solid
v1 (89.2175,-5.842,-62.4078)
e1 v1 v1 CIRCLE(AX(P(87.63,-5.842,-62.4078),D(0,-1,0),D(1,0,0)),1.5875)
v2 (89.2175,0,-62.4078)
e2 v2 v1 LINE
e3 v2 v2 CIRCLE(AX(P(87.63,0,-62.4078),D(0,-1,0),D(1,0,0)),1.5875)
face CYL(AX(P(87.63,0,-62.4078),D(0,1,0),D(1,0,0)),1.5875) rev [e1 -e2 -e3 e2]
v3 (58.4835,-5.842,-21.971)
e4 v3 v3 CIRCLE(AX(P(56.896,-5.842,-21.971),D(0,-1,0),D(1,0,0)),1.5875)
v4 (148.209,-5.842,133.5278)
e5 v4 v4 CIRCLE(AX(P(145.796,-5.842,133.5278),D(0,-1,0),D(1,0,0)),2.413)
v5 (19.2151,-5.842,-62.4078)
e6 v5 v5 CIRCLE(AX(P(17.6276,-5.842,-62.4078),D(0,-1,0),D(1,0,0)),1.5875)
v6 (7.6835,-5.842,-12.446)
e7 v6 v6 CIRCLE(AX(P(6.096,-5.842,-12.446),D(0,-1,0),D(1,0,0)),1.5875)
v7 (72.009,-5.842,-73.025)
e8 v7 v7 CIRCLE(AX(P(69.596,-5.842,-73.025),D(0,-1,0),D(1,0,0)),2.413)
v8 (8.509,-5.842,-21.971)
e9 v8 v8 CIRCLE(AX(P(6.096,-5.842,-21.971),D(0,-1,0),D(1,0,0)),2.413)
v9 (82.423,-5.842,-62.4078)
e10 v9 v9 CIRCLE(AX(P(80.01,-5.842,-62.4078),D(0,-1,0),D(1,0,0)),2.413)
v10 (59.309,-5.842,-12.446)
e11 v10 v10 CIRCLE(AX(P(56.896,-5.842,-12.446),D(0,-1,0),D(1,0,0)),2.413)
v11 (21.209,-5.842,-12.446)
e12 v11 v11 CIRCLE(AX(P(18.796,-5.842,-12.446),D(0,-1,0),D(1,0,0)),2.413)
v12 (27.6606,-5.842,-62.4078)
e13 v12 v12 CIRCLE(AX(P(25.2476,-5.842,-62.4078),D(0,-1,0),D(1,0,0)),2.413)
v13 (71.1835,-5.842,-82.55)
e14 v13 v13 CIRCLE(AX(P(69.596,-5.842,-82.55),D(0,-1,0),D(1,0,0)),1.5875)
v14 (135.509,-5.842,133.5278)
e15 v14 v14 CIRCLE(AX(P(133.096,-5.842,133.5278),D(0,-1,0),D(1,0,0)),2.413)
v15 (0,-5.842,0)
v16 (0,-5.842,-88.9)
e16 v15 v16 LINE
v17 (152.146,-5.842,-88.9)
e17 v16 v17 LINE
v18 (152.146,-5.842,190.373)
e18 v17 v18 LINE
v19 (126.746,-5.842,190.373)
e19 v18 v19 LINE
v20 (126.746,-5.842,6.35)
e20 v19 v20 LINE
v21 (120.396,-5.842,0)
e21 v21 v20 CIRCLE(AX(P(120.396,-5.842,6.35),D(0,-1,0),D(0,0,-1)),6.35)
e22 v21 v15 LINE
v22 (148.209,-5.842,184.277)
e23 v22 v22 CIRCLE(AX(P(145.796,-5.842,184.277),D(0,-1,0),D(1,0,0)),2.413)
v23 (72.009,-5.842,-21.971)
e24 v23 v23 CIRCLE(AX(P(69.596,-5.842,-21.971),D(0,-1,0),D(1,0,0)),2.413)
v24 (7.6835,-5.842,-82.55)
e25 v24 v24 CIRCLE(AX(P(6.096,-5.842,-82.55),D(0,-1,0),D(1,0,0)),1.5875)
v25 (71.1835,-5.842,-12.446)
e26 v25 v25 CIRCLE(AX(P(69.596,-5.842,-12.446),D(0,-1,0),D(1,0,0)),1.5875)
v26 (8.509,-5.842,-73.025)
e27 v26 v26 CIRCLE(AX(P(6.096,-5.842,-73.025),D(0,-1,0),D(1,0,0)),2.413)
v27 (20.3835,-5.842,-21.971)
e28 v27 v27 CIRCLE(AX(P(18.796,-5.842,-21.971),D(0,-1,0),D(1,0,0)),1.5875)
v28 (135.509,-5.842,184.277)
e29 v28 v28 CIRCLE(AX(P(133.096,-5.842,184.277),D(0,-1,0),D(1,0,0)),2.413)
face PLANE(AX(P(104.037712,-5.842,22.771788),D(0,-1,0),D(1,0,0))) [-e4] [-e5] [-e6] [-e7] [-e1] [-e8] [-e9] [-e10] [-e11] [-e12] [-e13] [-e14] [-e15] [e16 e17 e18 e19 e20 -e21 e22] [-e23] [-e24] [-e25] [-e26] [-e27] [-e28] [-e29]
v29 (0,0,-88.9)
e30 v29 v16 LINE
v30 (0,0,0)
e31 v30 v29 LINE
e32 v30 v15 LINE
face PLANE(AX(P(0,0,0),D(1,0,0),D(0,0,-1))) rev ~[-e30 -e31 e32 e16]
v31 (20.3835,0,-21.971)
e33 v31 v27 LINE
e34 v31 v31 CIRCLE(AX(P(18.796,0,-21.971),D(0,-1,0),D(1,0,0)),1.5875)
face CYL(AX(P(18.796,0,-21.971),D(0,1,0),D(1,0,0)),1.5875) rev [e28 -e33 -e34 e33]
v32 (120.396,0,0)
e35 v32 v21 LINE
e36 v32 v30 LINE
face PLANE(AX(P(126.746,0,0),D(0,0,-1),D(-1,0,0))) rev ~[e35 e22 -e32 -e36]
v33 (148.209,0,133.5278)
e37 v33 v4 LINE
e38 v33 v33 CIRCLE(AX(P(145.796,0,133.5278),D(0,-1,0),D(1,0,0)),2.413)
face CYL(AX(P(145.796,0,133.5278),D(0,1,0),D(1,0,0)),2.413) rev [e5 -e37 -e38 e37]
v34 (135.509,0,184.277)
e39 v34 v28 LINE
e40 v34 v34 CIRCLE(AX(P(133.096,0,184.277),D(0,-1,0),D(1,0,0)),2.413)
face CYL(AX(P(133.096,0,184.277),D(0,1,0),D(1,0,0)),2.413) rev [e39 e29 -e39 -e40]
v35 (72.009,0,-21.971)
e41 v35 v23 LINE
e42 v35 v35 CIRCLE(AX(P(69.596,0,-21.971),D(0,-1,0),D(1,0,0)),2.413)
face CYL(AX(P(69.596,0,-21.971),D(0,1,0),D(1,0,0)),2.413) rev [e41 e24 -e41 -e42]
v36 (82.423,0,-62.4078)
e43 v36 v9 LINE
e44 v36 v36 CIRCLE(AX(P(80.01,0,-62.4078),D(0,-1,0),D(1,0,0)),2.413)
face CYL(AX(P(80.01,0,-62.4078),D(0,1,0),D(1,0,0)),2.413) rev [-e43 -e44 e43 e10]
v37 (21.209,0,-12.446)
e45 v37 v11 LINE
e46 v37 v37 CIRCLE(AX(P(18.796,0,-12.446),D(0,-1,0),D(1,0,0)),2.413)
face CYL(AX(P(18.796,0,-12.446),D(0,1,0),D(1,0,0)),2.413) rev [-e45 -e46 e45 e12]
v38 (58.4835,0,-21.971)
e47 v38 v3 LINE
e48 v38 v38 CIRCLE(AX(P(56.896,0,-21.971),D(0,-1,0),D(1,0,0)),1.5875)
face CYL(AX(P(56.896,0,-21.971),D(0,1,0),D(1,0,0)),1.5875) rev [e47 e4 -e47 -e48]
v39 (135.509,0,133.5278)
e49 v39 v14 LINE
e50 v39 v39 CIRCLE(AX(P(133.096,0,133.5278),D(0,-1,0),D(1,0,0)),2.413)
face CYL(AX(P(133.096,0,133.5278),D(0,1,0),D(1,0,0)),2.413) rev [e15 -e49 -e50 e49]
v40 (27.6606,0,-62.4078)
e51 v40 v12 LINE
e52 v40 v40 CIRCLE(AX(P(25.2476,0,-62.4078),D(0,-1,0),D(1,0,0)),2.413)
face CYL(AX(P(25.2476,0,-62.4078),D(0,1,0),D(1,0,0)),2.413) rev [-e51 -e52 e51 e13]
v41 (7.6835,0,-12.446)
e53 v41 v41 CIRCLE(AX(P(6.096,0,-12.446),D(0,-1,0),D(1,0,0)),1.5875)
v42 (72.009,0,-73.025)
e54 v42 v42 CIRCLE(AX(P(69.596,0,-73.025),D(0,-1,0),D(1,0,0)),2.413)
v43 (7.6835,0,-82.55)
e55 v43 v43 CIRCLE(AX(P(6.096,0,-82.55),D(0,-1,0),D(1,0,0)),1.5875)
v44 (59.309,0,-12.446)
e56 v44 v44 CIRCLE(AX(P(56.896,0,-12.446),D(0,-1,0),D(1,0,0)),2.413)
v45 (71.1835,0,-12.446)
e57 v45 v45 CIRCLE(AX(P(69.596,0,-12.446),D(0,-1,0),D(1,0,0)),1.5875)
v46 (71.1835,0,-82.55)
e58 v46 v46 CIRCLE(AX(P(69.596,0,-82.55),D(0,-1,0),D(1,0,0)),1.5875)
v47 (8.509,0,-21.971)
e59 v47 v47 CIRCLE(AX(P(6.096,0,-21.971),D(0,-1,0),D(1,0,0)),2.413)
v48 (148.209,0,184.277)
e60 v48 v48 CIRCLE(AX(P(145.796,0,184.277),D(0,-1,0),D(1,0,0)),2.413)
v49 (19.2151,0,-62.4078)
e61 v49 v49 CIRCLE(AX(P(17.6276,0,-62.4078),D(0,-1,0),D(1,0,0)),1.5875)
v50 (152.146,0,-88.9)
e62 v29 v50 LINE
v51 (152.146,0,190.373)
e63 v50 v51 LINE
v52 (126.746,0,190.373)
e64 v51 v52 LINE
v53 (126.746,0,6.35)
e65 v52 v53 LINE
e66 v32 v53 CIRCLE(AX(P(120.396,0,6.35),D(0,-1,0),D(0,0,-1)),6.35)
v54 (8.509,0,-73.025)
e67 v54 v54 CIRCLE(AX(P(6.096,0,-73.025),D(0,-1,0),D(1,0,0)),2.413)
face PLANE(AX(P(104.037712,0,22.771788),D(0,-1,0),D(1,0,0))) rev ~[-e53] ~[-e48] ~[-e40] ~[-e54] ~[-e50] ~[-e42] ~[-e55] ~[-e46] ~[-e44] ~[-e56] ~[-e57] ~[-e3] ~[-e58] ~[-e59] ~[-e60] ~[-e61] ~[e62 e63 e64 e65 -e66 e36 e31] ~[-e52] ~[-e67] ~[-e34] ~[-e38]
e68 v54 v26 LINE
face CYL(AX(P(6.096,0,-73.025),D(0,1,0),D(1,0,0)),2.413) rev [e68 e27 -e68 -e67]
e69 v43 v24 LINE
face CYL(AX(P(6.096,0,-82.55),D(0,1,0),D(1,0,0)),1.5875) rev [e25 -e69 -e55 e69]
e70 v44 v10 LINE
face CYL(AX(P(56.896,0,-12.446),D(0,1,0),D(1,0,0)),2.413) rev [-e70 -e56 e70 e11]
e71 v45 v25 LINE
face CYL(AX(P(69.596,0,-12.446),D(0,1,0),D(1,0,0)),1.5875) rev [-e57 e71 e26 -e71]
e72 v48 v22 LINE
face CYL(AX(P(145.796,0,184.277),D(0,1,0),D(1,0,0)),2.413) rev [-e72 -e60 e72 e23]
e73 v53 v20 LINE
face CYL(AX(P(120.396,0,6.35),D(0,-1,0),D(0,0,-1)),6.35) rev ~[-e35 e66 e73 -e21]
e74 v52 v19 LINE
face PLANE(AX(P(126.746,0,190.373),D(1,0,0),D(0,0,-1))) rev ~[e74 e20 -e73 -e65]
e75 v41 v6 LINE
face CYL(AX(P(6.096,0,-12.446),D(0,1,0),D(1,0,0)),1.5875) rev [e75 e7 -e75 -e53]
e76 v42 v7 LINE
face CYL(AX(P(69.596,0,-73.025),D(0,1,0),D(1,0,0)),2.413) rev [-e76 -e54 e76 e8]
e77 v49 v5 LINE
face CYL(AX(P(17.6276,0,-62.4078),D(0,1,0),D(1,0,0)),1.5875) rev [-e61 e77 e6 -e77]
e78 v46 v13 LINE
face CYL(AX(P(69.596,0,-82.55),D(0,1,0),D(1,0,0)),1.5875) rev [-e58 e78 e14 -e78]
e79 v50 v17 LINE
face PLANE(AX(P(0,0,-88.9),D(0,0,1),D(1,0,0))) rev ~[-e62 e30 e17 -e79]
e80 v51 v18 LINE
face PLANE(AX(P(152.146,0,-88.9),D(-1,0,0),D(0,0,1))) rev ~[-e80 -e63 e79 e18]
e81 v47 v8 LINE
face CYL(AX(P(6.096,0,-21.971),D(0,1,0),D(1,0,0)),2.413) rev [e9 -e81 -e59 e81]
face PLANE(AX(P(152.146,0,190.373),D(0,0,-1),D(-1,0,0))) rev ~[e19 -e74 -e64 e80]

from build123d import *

# Parameters (mm, degrees)
F0_R     = 1.5875
F0_R_2   = 2.413
F1_DEPTH = 5.842
F2_R     = 6.35


with BuildPart() as f1:
    # F0 (on Front) → F1 (new body)
    with BuildSketch(Plane.XZ):
        Polygon((126.746, 0), (0, 0), (0, -88.9), (152.146, -88.9), (152.146, 190.373), (126.746, 190.373), align=None)
        with Locations((6.096, -82.55)):
            Circle(F0_R, mode=Mode.SUBTRACT)
        with Locations((6.096, -73.025)):
            Circle(F0_R_2, mode=Mode.SUBTRACT)
        with Locations((17.6276, -62.4078)):
            Circle(F0_R, mode=Mode.SUBTRACT)
        with Locations((25.2476, -62.4078)):
            Circle(F0_R_2, mode=Mode.SUBTRACT)
        with Locations((6.096, -21.971)):
            Circle(F0_R_2, mode=Mode.SUBTRACT)
        with Locations((18.796, -21.971)):
            Circle(F0_R, mode=Mode.SUBTRACT)
        with Locations((69.596, -82.55)):
            Circle(F0_R, mode=Mode.SUBTRACT)
        with Locations((69.596, -73.025)):
            Circle(F0_R_2, mode=Mode.SUBTRACT)
        with Locations((56.896, -21.971)):
            Circle(F0_R, mode=Mode.SUBTRACT)
        with Locations((69.596, -21.971)):
            Circle(F0_R_2, mode=Mode.SUBTRACT)
        with Locations((6.096, -12.446)):
            Circle(F0_R, mode=Mode.SUBTRACT)
        with Locations((18.796, -12.446)):
            Circle(F0_R_2, mode=Mode.SUBTRACT)
        with Locations((56.896, -12.446)):
            Circle(F0_R_2, mode=Mode.SUBTRACT)
        with Locations((69.596, -12.446)):
            Circle(F0_R, mode=Mode.SUBTRACT)
        with Locations((80.01, -62.4078)):
            Circle(F0_R_2, mode=Mode.SUBTRACT)
        with Locations((87.63, -62.4078)):
            Circle(F0_R, mode=Mode.SUBTRACT)
        with Locations((133.096, 133.5278)):
            Circle(F0_R_2, mode=Mode.SUBTRACT)
        with Locations((145.796, 133.5278)):
            Circle(F0_R_2, mode=Mode.SUBTRACT)
        with Locations((133.096, 184.277)):
            Circle(F0_R_2, mode=Mode.SUBTRACT)
        with Locations((145.796, 184.277)):
            Circle(F0_R_2, mode=Mode.SUBTRACT)
    extrude(amount=F1_DEPTH)

    # F2
    f2_edges = [f1.edges().sort_by_distance(p)[0] for p in [
        (126.746, -2.921, 0),
    ]]
    fillet(f2_edges, radius=F2_R)


solid = f1.part
